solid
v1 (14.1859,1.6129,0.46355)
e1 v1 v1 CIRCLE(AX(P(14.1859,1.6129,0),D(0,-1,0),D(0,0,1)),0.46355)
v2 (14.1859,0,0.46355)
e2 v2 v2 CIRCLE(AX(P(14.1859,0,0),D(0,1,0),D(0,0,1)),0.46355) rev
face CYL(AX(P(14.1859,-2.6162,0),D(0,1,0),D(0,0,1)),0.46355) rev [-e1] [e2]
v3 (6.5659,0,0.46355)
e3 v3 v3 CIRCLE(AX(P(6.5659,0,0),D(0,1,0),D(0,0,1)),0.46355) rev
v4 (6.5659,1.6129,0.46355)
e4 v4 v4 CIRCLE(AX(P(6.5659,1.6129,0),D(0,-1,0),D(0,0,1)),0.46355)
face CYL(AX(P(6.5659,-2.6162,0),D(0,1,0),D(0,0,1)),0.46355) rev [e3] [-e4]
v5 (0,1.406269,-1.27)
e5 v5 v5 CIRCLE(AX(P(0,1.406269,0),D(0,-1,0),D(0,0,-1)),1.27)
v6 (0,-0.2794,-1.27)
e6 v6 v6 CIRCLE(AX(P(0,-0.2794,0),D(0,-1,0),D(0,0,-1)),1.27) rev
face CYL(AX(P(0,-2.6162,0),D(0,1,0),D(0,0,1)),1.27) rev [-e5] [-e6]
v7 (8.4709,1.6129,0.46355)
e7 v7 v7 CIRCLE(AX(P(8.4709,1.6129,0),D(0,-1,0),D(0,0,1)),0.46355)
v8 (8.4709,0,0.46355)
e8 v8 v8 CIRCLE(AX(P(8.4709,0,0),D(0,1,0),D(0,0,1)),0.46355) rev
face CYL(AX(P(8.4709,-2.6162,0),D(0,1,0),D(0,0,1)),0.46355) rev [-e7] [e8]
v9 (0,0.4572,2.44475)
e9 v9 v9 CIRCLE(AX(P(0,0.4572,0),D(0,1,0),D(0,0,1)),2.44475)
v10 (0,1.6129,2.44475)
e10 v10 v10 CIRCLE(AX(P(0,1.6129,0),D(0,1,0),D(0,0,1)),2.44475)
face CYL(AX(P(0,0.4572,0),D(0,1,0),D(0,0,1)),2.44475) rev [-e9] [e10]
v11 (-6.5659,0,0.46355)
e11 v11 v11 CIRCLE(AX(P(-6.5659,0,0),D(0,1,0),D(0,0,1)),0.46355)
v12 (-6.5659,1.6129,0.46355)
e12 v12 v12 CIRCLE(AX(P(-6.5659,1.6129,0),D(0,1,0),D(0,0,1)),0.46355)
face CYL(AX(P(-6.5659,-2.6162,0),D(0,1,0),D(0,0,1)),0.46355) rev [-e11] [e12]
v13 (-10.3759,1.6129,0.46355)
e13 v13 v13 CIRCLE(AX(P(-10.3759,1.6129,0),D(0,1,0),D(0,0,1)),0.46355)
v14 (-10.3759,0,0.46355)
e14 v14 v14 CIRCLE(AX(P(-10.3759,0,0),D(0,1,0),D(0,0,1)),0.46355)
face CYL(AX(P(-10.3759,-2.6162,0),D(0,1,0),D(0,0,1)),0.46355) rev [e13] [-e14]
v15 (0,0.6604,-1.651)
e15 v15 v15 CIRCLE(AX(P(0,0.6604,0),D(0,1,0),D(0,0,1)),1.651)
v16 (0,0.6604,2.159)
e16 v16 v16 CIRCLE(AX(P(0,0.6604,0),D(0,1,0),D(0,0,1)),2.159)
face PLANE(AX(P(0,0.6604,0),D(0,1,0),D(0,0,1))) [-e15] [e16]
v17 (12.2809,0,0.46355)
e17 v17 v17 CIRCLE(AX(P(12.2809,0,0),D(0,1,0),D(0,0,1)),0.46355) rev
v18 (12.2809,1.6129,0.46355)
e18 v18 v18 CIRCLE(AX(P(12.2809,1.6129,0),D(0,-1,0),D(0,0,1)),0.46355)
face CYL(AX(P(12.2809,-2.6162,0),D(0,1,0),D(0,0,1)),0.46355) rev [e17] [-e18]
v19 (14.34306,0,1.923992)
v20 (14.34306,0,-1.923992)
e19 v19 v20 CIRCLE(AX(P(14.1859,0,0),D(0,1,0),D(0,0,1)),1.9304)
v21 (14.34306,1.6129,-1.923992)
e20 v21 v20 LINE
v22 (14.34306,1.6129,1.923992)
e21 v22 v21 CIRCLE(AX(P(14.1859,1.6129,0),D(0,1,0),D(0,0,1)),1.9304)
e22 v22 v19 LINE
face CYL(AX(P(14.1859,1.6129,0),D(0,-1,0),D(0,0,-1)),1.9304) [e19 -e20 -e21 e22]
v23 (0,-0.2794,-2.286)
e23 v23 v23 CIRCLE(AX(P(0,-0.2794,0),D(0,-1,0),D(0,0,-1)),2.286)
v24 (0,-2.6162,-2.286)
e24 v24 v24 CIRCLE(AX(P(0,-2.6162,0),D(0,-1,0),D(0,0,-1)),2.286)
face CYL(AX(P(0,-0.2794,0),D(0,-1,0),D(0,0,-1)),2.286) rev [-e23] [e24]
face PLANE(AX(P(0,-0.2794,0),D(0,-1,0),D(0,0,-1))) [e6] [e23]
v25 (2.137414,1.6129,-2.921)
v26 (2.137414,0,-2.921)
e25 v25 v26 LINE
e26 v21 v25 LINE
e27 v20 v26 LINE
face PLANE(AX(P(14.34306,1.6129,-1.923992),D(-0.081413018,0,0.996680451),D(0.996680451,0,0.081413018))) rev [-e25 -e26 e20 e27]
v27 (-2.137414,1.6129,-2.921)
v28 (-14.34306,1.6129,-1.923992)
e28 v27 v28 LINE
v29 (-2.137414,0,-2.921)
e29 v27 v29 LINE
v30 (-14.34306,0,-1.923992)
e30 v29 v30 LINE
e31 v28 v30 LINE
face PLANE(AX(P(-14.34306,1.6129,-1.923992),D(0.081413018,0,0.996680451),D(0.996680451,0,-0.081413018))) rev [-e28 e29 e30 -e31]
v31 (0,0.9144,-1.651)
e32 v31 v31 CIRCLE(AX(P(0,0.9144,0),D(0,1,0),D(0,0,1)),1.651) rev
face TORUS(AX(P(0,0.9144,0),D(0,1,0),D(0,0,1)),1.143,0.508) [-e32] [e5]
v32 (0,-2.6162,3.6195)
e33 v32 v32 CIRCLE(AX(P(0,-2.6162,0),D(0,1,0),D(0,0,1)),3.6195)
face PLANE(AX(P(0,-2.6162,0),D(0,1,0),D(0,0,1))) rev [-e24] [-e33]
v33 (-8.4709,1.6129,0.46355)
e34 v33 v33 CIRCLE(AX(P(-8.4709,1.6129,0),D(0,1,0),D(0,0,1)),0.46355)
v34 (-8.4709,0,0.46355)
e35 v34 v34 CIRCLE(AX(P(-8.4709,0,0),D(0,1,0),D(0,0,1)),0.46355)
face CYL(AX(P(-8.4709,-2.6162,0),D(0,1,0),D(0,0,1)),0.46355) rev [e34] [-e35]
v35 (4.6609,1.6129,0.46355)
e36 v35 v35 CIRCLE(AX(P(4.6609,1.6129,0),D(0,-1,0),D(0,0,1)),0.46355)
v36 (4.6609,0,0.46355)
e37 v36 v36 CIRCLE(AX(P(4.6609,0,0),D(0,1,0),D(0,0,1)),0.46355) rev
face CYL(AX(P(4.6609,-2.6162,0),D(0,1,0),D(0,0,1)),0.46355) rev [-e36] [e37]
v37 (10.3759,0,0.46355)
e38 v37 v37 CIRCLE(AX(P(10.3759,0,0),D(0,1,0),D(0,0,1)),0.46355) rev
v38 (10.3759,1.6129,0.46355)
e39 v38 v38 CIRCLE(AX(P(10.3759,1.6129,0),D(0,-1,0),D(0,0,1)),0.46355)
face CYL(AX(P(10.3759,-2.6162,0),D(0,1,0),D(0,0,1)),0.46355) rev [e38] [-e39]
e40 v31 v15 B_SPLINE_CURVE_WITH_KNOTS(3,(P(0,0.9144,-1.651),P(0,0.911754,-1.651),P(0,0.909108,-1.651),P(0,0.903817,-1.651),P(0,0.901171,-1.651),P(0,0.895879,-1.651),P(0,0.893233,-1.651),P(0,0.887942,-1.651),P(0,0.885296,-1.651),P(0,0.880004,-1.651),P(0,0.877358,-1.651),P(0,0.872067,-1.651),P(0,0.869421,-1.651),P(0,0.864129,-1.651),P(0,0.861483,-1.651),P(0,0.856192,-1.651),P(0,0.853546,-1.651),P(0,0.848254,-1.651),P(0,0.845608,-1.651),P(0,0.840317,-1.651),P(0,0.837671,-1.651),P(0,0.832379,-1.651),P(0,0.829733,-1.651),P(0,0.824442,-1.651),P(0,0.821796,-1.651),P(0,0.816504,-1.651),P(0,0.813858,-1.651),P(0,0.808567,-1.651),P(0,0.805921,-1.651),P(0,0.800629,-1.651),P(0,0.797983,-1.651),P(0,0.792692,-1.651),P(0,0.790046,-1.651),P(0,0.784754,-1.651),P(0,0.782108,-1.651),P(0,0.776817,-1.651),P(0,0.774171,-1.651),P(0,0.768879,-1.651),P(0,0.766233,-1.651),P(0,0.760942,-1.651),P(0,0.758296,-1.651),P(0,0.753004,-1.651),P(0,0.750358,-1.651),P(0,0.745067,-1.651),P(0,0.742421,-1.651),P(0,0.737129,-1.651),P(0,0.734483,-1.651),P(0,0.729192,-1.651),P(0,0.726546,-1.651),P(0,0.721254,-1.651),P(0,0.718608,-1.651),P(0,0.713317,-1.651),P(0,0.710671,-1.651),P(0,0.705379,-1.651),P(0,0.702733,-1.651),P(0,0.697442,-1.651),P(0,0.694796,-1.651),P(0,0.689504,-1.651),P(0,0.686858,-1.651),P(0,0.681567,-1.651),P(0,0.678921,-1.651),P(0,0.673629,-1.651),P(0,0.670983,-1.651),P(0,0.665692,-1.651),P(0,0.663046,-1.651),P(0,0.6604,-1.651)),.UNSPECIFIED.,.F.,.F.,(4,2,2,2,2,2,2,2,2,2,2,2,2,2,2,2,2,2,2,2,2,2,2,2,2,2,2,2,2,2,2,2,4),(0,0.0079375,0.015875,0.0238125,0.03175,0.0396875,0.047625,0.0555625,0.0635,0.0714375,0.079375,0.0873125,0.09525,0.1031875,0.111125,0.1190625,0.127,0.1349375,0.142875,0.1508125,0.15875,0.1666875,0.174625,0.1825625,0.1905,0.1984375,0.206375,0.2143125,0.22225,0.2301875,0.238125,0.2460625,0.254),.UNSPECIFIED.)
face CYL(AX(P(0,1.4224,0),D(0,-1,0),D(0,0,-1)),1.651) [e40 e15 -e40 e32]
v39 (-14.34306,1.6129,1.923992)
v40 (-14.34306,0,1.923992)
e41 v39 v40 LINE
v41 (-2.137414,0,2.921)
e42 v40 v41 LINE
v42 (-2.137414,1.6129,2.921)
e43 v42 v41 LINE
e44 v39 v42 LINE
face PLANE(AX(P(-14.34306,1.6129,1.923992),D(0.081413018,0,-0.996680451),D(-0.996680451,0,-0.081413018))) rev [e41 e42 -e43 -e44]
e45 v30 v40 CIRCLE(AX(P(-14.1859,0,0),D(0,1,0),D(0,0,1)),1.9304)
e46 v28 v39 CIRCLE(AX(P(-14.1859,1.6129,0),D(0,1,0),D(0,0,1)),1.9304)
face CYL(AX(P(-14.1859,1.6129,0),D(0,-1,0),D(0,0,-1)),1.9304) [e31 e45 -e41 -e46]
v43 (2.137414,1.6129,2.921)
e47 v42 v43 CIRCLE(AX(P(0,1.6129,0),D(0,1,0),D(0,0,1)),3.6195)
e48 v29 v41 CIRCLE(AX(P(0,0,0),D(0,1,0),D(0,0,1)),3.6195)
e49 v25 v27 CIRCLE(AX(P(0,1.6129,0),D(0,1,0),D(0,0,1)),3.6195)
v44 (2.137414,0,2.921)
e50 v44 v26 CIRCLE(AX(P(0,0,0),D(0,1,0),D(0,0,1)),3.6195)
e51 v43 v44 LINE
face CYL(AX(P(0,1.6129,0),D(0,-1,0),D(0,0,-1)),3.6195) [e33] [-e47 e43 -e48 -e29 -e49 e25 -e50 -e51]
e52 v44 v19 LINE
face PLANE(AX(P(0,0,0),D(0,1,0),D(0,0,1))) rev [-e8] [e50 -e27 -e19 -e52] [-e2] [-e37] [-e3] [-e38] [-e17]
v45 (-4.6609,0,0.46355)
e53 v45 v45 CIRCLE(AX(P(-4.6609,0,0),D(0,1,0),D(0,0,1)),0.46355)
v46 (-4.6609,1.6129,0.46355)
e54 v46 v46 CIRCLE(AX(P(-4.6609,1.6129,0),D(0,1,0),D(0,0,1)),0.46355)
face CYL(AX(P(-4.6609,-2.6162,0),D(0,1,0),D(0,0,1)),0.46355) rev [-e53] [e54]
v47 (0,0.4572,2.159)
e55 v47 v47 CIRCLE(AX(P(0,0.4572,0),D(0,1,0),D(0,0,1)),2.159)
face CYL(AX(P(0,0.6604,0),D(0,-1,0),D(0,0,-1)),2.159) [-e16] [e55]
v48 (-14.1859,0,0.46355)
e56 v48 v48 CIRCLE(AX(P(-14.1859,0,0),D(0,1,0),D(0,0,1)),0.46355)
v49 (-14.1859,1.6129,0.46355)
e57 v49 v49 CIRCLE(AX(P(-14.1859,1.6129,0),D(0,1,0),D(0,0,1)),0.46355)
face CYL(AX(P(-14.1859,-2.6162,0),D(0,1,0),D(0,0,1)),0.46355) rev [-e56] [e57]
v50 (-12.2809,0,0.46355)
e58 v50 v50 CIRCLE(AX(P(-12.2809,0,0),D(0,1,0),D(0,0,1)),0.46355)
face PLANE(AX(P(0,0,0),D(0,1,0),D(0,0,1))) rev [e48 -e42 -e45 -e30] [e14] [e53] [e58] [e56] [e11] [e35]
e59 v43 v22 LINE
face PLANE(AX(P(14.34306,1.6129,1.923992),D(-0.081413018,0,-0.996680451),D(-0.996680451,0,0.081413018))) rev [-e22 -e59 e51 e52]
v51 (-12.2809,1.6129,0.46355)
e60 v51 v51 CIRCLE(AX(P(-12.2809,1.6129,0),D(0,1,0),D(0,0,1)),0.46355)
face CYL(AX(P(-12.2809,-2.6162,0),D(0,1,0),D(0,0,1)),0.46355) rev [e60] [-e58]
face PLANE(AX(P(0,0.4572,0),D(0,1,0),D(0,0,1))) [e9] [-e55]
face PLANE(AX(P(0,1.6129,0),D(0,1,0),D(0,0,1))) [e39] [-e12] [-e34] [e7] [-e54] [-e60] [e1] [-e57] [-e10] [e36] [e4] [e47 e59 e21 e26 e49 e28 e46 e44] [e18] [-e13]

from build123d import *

# Parameters (mm, degrees)
EXTRUDE17_DEPTH = 1.6129
EXTRUDE19_START = -4.2291
SKETCH19_R      = 3.6195
EXTRUDE19_DEPTH = 4.2291
SKETCH20_R      = 0.46355
SKETCH20_R_2    = 1.27
EXTRUDE20_DEPTH = 18.050548166
SKETCH21_R      = 2.44475
EXTRUDE21_DEPTH = 1.1557
SKETCH22_R      = 2.286
EXTRUDE22_DEPTH = 2.3368
SKETCH23_R      = 2.159
EXTRUDE23_DEPTH = 0.2032
SKETCH24_R      = 1.651
EXTRUDE24_DEPTH = 0.762
EXTRUDE25_DEPTH = 0.508
FILLET1_R       = 0.508


with BuildPart() as part:
    # Sketch18 → Extrude17 (new body)
    with BuildSketch(Plane(origin=(0, 0, 0), x_dir=(1, 0, 0), z_dir=(0, 1, 0))):
        with BuildLine():
            Line((-14.34305969, 1.923991942), (-2.13741415, 2.921))
            ThreePointArc((-2.13741415, 2.921), (0, 3.6195), (2.13741415, 2.921))
            Line((2.13741415, 2.921), (14.34305969, 1.923991942))
            ThreePointArc((14.34305969, 1.923991942), (16.1163, 0), (14.34305969, -1.923991942))
            Line((14.34305969, -1.923991942), (2.13741415, -2.921))
            ThreePointArc((2.13741415, -2.921), (0, -3.6195), (-2.13741415, -2.921))
            Line((-2.13741415, -2.921), (-14.34305969, -1.923991942))
            ThreePointArc((-14.34305969, -1.923991942), (-16.1163, 0), (-14.34305969, 1.923991942))
        make_face()
    extrude(amount=EXTRUDE17_DEPTH)

    # Sketch19 → Extrude19 (add)
    with BuildSketch(Plane(origin=(0, 1.6129, 0), x_dir=(1, 0, 0), z_dir=(0, 1, 0)).offset(EXTRUDE19_START)):
        with Locations(Location((0, 0, 0), (0, 0, 126.194447475))):
            Circle(SKETCH19_R)
    extrude(amount=EXTRUDE19_DEPTH)

    # Sketch20 → Extrude20 (cut, through all)
    with BuildSketch(Plane(origin=(0, 1.6129, 0), x_dir=(1, 0, 0), z_dir=(0, 1, 0))):
        with Locations(Location((-14.1859, 0, 0), (0, 0, 270))):
            Circle(SKETCH20_R)
        with Locations(Location((0, 0, 0), (0, 0, 270))):
            Circle(SKETCH20_R_2)
        with Locations(Location((-4.6609, 0, 0), (0, 0, 270))):
            Circle(SKETCH20_R)
        with Locations(Location((-6.5659, 0, 0), (0, 0, 270))):
            Circle(SKETCH20_R)
        with Locations(Location((-8.4709, 0, 0), (0, 0, 270))):
            Circle(SKETCH20_R)
        with Locations(Location((-10.3759, 0, 0), (0, 0, 270))):
            Circle(SKETCH20_R)
        with Locations(Location((-12.2809, 0, 0), (0, 0, 270))):
            Circle(SKETCH20_R)
    extrude20 = extrude(amount=-EXTRUDE20_DEPTH, mode=Mode.SUBTRACT)

    # Sketch21 → Extrude21 (cut)
    with BuildSketch(Plane(origin=(0, 1.6129, 0), x_dir=(1, 0, 0), z_dir=(0, 1, 0))):
        with Locations(Location((0, 0, 0), (0, 0, 270))):
            Circle(SKETCH21_R)
    extrude(amount=-EXTRUDE21_DEPTH, mode=Mode.SUBTRACT)

    # Sketch22 → Extrude22 (cut)
    with BuildSketch(Plane.XZ.offset(2.6162)):
        with Locations(Location((0, 0, 0), (0, 0, 270))):
            Circle(SKETCH22_R)
    extrude(amount=-EXTRUDE22_DEPTH, mode=Mode.SUBTRACT)



with BuildPart() as body_2:
    # Sketch23 → Extrude23 (new body)
    with BuildSketch(Plane(origin=(0, 0.4572, 0), x_dir=(1, 0, 0), z_dir=(0, 1, 0))):
        with Locations(Location((0, 0, 0), (0, 0, 270))):
            Circle(SKETCH23_R)
    extrude(amount=EXTRUDE23_DEPTH)


with BuildPart() as part_1:
    add(part.part)

    add(body_2.part)  # Extrude24 merges body 2
    # Sketch24 → Extrude24 (add)
    with BuildSketch(Plane(origin=(0, 0.6604, 0), x_dir=(1, 0, 0), z_dir=(0, 1, 0))):
        with Locations(Location((0, 0, 0), (0, 0, 90))):
            Circle(SKETCH24_R)
    extrude(amount=EXTRUDE24_DEPTH)

    # Sketch25 → Extrude25 (cut)
    with BuildSketch(Plane(origin=(0, 1.4224, 0), x_dir=(1, 0, 0), z_dir=(0, 1, 0))):
        Polygon((0.254, -1.016), (-0.254, -1.016), (-0.254, -0.254), (-1.016, -0.254), (-1.016, 0.254), (-0.254, 0.254), (-0.254, 1.016), (0.254, 1.016), (0.254, 0.254), (1.016, 0.254), (1.016, -0.254), (0.254, -0.254), align=None)
    extrude(amount=-EXTRUDE25_DEPTH, mode=Mode.SUBTRACT)

    # Fillet1
    fillet1_edges = [part_1.edges().sort_by_distance(p)[0] for p in [
        (0, 1.4224, 1.651),
    ]]
    fillet(fillet1_edges, radius=FILLET1_R)

    # Mirror1: Extrude20 across plane
    add(extrude20.mirror(Plane(origin=(0, 0, 0), x_dir=(0, 0, 1), z_dir=(1, 0, 0))), mode=Mode.SUBTRACT)


solid = part_1.part
